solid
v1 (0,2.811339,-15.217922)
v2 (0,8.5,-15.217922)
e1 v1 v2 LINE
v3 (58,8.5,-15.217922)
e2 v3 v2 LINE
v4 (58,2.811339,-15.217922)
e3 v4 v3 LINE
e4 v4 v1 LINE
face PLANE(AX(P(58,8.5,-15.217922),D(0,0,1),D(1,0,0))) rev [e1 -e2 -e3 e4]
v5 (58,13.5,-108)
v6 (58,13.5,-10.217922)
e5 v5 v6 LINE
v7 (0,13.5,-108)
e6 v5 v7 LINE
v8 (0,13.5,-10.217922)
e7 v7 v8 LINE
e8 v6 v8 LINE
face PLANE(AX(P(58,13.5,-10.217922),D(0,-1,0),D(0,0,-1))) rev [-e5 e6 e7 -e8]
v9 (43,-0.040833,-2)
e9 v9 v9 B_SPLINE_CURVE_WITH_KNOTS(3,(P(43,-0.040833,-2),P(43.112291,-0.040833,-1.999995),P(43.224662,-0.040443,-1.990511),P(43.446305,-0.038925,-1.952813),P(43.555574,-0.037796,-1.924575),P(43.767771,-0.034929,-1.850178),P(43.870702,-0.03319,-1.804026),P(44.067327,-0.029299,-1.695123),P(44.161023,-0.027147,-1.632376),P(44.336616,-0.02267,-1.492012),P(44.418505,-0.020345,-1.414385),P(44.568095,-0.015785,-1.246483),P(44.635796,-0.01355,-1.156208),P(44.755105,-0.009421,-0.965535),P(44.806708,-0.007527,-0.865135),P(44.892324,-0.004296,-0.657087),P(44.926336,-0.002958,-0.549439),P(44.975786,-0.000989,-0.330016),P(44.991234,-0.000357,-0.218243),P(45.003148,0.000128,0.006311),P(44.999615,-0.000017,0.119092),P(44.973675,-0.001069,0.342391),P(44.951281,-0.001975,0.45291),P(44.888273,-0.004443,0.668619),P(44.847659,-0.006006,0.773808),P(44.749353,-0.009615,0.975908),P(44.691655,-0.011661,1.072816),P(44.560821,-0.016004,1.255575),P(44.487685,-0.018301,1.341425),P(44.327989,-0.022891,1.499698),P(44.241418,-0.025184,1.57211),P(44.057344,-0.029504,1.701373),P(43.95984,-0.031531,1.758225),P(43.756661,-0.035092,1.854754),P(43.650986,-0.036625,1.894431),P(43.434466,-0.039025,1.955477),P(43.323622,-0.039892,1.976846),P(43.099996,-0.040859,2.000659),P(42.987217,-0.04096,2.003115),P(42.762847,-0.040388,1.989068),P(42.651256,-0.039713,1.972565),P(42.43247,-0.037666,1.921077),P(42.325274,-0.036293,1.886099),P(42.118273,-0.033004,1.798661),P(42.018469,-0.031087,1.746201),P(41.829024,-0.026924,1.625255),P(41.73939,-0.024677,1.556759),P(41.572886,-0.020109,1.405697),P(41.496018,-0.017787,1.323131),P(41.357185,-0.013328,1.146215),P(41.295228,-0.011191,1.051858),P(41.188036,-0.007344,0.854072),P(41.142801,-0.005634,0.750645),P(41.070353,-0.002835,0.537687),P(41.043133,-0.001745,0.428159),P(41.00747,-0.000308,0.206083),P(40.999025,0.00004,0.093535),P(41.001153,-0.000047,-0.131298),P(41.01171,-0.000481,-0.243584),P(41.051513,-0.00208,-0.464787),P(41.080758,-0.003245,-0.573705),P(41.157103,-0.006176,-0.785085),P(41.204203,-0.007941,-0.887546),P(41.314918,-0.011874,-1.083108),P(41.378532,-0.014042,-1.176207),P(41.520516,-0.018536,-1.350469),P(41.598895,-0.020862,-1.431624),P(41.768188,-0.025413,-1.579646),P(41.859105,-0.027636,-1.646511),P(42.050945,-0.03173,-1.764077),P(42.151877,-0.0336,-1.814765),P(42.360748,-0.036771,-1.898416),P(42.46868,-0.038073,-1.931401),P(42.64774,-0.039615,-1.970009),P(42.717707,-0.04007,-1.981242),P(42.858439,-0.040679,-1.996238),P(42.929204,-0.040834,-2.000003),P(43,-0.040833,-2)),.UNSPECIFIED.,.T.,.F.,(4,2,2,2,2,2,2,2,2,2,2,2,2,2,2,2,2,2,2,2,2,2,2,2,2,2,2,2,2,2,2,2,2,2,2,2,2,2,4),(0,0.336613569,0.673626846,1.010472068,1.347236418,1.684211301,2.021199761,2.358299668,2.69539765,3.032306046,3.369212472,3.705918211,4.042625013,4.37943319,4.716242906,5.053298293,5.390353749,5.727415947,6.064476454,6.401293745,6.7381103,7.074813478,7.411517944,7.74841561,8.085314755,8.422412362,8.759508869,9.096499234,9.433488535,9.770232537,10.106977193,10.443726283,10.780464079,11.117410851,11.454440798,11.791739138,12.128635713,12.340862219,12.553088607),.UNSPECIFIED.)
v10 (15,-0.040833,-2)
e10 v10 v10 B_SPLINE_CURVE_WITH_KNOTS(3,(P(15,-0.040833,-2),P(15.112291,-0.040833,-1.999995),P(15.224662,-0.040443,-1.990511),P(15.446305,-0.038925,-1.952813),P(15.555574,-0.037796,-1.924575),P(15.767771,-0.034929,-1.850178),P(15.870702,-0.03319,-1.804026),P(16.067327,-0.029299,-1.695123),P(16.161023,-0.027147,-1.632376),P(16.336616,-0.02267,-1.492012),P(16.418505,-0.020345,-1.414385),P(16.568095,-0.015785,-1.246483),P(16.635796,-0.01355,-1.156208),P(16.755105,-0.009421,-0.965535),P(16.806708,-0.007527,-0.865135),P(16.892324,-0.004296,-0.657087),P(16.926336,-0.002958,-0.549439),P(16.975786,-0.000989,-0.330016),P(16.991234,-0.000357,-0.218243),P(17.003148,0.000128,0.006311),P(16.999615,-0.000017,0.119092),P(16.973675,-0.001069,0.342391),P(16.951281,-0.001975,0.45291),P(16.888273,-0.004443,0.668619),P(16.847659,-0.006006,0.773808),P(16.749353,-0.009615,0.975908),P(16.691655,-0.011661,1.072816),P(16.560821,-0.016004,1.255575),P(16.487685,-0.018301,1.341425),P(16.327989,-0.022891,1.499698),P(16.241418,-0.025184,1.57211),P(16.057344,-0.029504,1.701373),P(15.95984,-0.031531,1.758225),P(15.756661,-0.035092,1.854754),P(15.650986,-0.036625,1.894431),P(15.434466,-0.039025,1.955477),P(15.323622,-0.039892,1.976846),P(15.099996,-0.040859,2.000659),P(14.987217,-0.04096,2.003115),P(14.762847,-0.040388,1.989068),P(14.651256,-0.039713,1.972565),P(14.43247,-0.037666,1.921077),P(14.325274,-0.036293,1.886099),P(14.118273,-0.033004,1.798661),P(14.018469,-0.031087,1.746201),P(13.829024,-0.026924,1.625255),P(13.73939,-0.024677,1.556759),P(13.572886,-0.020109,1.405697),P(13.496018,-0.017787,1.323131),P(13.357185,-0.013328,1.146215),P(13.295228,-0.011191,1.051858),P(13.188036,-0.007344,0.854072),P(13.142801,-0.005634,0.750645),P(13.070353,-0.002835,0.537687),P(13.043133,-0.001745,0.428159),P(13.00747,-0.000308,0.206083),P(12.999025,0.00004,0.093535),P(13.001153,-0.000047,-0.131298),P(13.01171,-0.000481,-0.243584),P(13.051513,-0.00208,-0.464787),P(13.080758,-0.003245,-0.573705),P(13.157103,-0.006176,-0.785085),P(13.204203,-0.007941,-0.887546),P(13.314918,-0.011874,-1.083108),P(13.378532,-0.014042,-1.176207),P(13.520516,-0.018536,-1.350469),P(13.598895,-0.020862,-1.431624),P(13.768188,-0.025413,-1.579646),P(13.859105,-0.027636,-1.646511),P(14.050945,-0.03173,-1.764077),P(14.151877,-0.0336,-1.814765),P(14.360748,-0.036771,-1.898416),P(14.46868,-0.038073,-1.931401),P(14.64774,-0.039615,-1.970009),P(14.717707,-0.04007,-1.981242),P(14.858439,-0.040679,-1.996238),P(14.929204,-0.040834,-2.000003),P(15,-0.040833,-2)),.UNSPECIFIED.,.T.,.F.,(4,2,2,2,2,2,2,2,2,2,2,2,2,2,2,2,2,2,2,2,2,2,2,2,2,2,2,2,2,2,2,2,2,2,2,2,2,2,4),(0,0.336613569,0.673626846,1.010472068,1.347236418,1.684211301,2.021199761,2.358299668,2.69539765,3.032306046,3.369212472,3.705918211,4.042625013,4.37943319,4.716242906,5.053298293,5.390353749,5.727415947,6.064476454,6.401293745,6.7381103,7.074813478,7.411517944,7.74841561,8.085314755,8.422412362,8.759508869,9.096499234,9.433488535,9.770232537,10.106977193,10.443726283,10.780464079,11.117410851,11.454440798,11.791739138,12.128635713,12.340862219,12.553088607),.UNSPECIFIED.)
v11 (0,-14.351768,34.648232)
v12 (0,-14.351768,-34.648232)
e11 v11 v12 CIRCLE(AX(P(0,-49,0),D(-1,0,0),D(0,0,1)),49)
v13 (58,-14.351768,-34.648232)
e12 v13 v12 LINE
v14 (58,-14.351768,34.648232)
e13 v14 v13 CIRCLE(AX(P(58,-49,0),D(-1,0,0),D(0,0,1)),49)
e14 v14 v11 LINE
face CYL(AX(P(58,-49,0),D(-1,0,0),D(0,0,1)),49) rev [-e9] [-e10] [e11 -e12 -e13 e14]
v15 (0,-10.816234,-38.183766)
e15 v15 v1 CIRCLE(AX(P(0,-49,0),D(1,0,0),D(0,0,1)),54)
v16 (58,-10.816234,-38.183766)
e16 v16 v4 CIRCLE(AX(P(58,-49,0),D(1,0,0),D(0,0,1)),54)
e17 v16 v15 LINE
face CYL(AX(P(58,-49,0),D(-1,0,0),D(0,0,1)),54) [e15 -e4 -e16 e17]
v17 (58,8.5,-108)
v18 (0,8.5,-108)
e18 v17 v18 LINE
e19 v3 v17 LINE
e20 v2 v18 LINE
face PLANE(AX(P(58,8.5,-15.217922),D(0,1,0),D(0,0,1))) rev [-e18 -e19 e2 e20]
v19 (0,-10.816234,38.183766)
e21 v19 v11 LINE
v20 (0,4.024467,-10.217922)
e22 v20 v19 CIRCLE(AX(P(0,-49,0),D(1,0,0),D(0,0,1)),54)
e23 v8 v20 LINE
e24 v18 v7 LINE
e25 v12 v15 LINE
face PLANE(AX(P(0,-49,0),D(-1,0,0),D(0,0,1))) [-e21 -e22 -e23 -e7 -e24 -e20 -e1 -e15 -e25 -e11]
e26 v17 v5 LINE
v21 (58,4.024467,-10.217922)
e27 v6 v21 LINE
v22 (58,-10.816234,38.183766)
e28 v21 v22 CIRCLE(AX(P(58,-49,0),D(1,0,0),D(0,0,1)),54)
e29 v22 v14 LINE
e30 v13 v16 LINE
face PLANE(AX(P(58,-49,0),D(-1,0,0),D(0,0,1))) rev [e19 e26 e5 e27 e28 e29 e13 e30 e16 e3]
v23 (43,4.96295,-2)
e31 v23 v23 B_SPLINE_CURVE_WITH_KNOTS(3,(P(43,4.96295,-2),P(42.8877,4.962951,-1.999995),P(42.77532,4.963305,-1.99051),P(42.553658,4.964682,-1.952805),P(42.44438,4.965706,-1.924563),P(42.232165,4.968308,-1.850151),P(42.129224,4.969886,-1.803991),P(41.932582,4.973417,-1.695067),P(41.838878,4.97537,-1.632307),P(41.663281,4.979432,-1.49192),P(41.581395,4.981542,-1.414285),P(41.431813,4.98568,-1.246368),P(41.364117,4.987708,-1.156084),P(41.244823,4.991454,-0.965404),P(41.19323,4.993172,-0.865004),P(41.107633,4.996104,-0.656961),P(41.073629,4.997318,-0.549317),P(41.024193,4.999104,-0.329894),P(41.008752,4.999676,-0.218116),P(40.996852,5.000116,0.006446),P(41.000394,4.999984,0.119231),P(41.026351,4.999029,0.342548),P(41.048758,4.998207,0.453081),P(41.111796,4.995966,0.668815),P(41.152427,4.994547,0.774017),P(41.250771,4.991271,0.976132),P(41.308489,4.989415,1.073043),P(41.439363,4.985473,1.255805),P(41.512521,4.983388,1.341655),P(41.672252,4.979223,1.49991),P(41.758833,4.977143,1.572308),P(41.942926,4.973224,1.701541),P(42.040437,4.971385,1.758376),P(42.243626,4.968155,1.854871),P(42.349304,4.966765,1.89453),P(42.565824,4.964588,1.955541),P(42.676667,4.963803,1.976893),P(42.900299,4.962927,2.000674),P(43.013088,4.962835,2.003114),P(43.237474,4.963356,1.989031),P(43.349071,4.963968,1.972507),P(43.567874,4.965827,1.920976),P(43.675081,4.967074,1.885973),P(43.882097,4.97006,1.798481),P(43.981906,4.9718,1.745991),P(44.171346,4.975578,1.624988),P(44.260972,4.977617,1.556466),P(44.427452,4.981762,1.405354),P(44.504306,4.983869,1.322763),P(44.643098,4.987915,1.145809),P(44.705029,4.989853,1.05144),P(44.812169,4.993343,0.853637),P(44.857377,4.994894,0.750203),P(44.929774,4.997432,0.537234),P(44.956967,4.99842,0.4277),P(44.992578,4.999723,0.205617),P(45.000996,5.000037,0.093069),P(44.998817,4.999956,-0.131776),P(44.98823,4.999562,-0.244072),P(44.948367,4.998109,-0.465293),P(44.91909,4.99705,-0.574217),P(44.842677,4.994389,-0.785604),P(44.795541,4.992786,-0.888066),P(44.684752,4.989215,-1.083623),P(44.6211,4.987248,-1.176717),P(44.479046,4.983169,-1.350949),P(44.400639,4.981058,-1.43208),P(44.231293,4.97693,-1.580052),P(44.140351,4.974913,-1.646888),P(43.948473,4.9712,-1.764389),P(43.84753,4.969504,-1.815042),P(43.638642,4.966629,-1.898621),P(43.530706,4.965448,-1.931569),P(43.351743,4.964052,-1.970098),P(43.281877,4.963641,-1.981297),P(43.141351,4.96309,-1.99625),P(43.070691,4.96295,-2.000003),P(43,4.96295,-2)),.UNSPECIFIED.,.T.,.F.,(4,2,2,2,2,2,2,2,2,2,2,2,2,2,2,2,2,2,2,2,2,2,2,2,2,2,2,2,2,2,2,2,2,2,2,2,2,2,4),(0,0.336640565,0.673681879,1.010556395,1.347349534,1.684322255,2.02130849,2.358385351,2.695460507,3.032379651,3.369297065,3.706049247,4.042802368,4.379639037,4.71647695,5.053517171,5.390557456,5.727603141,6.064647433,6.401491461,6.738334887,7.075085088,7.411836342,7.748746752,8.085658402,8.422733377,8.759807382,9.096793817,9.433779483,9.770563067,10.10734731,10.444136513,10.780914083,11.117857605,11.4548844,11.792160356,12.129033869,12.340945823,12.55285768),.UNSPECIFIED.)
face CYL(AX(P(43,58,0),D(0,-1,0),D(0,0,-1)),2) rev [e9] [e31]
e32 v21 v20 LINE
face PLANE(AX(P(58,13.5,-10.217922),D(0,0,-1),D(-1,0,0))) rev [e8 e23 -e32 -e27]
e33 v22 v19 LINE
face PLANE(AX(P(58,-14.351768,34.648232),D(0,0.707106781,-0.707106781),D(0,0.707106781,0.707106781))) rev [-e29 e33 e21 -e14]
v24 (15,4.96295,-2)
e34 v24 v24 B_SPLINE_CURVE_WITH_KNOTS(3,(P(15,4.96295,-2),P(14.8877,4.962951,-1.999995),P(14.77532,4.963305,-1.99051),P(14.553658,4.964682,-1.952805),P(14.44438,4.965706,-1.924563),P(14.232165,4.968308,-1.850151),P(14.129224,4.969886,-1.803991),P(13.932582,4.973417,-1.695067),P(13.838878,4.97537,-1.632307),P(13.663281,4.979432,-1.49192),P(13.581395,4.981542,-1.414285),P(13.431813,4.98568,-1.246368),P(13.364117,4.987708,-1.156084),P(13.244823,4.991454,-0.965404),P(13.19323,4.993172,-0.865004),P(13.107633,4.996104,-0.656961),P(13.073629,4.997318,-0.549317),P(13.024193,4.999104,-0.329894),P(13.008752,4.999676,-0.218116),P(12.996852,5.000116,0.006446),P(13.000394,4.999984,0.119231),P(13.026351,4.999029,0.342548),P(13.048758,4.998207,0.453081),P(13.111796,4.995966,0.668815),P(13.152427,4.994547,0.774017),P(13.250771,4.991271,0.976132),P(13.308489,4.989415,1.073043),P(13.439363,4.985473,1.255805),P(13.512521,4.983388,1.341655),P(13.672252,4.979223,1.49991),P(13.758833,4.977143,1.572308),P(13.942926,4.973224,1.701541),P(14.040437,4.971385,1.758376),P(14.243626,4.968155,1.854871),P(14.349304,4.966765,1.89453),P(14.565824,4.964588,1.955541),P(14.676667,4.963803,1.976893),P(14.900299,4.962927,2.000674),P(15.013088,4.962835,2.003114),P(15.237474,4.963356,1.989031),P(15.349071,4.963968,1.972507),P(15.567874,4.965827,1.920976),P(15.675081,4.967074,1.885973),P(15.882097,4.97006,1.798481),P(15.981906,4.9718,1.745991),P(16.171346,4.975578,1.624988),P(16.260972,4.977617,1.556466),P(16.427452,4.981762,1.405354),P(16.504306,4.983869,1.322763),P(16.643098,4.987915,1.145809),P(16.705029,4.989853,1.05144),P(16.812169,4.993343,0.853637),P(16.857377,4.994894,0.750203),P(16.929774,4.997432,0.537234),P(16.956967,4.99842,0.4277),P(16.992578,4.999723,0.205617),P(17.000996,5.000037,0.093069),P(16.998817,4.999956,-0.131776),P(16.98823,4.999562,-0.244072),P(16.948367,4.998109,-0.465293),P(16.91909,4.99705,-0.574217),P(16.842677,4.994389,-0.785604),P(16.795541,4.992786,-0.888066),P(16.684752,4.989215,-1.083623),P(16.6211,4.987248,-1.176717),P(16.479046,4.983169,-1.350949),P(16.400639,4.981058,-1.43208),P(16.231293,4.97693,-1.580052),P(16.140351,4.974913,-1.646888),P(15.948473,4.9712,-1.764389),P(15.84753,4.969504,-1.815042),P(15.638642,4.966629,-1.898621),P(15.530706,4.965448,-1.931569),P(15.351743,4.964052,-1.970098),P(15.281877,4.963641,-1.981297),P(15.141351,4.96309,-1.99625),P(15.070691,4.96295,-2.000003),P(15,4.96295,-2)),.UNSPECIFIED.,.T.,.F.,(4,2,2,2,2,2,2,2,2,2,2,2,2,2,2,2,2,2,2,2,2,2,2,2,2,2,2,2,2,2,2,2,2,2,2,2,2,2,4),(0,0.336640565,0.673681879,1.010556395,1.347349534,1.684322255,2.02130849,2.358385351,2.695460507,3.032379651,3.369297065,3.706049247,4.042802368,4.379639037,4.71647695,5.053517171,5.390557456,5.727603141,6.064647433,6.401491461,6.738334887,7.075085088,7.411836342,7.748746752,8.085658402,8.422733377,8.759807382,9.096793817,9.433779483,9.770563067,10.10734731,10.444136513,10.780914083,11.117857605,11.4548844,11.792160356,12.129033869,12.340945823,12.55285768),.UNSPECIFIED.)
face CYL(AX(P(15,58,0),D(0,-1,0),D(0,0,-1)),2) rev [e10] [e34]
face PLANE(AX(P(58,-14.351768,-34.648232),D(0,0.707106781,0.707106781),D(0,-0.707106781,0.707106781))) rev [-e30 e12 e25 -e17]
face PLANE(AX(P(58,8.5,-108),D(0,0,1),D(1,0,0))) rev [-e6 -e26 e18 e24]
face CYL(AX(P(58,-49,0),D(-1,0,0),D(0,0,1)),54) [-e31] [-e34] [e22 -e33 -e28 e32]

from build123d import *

# Parameters (mm, degrees)
BOSS_EXTRUDE2_DEPTH     = 58
SKETCH4_R               = 2
CUT_EXTRUDE2_DEPTH      = 58
CUT_EXTRUDE2_DEPTH_BACK = 58


with BuildPart() as part:
    # Sketch3 → Boss-Extrude2 (new body)
    with BuildSketch(Plane(origin=(0, 0, 0), x_dir=(0, 0, -1), z_dir=(1, 0, 0))):
        with BuildLine():
            Line((-34.648232278, -14.351767722), (-38.183766184, -10.816233816))
            ThreePointArc((-38.183766184, -10.816233816), (-15.829835797, 2.627669894), (10.217922448, 4.024466625))
            Line((10.217922448, 4.024466625), (10.217922448, 13.5))
            Line((10.217922448, 13.5), (108, 13.5))
            Line((108, 13.5), (108, 8.5))
            Line((108, 8.5), (15.217922448, 8.5))
            Line((15.217922448, 8.5), (15.217922448, 2.811338878))
            ThreePointArc((15.217922448, 2.811338878), (27.556537728, -2.560391599), (38.183766184, -10.816233816))
            Line((38.183766184, -10.816233816), (34.648232278, -14.351767722))
            ThreePointArc((34.648232278, -14.351767722), (0, 0), (-34.648232278, -14.351767722))
        make_face()
    extrude(amount=BOSS_EXTRUDE2_DEPTH)

    # Sketch4 → Cut-Extrude2 (cut, two sides)
    with BuildSketch(Plane(origin=(0, 0, 0), x_dir=(1, 0, 0), z_dir=(0, 1, 0))) as cut_extrude2_sk:
        with Locations((15, 0)):
            Circle(SKETCH4_R)
        with Locations((43, 0)):
            Circle(SKETCH4_R)
    extrude(amount=CUT_EXTRUDE2_DEPTH, mode=Mode.SUBTRACT)
    extrude(cut_extrude2_sk.sketch, amount=-CUT_EXTRUDE2_DEPTH_BACK, mode=Mode.SUBTRACT)


solid = part.part
